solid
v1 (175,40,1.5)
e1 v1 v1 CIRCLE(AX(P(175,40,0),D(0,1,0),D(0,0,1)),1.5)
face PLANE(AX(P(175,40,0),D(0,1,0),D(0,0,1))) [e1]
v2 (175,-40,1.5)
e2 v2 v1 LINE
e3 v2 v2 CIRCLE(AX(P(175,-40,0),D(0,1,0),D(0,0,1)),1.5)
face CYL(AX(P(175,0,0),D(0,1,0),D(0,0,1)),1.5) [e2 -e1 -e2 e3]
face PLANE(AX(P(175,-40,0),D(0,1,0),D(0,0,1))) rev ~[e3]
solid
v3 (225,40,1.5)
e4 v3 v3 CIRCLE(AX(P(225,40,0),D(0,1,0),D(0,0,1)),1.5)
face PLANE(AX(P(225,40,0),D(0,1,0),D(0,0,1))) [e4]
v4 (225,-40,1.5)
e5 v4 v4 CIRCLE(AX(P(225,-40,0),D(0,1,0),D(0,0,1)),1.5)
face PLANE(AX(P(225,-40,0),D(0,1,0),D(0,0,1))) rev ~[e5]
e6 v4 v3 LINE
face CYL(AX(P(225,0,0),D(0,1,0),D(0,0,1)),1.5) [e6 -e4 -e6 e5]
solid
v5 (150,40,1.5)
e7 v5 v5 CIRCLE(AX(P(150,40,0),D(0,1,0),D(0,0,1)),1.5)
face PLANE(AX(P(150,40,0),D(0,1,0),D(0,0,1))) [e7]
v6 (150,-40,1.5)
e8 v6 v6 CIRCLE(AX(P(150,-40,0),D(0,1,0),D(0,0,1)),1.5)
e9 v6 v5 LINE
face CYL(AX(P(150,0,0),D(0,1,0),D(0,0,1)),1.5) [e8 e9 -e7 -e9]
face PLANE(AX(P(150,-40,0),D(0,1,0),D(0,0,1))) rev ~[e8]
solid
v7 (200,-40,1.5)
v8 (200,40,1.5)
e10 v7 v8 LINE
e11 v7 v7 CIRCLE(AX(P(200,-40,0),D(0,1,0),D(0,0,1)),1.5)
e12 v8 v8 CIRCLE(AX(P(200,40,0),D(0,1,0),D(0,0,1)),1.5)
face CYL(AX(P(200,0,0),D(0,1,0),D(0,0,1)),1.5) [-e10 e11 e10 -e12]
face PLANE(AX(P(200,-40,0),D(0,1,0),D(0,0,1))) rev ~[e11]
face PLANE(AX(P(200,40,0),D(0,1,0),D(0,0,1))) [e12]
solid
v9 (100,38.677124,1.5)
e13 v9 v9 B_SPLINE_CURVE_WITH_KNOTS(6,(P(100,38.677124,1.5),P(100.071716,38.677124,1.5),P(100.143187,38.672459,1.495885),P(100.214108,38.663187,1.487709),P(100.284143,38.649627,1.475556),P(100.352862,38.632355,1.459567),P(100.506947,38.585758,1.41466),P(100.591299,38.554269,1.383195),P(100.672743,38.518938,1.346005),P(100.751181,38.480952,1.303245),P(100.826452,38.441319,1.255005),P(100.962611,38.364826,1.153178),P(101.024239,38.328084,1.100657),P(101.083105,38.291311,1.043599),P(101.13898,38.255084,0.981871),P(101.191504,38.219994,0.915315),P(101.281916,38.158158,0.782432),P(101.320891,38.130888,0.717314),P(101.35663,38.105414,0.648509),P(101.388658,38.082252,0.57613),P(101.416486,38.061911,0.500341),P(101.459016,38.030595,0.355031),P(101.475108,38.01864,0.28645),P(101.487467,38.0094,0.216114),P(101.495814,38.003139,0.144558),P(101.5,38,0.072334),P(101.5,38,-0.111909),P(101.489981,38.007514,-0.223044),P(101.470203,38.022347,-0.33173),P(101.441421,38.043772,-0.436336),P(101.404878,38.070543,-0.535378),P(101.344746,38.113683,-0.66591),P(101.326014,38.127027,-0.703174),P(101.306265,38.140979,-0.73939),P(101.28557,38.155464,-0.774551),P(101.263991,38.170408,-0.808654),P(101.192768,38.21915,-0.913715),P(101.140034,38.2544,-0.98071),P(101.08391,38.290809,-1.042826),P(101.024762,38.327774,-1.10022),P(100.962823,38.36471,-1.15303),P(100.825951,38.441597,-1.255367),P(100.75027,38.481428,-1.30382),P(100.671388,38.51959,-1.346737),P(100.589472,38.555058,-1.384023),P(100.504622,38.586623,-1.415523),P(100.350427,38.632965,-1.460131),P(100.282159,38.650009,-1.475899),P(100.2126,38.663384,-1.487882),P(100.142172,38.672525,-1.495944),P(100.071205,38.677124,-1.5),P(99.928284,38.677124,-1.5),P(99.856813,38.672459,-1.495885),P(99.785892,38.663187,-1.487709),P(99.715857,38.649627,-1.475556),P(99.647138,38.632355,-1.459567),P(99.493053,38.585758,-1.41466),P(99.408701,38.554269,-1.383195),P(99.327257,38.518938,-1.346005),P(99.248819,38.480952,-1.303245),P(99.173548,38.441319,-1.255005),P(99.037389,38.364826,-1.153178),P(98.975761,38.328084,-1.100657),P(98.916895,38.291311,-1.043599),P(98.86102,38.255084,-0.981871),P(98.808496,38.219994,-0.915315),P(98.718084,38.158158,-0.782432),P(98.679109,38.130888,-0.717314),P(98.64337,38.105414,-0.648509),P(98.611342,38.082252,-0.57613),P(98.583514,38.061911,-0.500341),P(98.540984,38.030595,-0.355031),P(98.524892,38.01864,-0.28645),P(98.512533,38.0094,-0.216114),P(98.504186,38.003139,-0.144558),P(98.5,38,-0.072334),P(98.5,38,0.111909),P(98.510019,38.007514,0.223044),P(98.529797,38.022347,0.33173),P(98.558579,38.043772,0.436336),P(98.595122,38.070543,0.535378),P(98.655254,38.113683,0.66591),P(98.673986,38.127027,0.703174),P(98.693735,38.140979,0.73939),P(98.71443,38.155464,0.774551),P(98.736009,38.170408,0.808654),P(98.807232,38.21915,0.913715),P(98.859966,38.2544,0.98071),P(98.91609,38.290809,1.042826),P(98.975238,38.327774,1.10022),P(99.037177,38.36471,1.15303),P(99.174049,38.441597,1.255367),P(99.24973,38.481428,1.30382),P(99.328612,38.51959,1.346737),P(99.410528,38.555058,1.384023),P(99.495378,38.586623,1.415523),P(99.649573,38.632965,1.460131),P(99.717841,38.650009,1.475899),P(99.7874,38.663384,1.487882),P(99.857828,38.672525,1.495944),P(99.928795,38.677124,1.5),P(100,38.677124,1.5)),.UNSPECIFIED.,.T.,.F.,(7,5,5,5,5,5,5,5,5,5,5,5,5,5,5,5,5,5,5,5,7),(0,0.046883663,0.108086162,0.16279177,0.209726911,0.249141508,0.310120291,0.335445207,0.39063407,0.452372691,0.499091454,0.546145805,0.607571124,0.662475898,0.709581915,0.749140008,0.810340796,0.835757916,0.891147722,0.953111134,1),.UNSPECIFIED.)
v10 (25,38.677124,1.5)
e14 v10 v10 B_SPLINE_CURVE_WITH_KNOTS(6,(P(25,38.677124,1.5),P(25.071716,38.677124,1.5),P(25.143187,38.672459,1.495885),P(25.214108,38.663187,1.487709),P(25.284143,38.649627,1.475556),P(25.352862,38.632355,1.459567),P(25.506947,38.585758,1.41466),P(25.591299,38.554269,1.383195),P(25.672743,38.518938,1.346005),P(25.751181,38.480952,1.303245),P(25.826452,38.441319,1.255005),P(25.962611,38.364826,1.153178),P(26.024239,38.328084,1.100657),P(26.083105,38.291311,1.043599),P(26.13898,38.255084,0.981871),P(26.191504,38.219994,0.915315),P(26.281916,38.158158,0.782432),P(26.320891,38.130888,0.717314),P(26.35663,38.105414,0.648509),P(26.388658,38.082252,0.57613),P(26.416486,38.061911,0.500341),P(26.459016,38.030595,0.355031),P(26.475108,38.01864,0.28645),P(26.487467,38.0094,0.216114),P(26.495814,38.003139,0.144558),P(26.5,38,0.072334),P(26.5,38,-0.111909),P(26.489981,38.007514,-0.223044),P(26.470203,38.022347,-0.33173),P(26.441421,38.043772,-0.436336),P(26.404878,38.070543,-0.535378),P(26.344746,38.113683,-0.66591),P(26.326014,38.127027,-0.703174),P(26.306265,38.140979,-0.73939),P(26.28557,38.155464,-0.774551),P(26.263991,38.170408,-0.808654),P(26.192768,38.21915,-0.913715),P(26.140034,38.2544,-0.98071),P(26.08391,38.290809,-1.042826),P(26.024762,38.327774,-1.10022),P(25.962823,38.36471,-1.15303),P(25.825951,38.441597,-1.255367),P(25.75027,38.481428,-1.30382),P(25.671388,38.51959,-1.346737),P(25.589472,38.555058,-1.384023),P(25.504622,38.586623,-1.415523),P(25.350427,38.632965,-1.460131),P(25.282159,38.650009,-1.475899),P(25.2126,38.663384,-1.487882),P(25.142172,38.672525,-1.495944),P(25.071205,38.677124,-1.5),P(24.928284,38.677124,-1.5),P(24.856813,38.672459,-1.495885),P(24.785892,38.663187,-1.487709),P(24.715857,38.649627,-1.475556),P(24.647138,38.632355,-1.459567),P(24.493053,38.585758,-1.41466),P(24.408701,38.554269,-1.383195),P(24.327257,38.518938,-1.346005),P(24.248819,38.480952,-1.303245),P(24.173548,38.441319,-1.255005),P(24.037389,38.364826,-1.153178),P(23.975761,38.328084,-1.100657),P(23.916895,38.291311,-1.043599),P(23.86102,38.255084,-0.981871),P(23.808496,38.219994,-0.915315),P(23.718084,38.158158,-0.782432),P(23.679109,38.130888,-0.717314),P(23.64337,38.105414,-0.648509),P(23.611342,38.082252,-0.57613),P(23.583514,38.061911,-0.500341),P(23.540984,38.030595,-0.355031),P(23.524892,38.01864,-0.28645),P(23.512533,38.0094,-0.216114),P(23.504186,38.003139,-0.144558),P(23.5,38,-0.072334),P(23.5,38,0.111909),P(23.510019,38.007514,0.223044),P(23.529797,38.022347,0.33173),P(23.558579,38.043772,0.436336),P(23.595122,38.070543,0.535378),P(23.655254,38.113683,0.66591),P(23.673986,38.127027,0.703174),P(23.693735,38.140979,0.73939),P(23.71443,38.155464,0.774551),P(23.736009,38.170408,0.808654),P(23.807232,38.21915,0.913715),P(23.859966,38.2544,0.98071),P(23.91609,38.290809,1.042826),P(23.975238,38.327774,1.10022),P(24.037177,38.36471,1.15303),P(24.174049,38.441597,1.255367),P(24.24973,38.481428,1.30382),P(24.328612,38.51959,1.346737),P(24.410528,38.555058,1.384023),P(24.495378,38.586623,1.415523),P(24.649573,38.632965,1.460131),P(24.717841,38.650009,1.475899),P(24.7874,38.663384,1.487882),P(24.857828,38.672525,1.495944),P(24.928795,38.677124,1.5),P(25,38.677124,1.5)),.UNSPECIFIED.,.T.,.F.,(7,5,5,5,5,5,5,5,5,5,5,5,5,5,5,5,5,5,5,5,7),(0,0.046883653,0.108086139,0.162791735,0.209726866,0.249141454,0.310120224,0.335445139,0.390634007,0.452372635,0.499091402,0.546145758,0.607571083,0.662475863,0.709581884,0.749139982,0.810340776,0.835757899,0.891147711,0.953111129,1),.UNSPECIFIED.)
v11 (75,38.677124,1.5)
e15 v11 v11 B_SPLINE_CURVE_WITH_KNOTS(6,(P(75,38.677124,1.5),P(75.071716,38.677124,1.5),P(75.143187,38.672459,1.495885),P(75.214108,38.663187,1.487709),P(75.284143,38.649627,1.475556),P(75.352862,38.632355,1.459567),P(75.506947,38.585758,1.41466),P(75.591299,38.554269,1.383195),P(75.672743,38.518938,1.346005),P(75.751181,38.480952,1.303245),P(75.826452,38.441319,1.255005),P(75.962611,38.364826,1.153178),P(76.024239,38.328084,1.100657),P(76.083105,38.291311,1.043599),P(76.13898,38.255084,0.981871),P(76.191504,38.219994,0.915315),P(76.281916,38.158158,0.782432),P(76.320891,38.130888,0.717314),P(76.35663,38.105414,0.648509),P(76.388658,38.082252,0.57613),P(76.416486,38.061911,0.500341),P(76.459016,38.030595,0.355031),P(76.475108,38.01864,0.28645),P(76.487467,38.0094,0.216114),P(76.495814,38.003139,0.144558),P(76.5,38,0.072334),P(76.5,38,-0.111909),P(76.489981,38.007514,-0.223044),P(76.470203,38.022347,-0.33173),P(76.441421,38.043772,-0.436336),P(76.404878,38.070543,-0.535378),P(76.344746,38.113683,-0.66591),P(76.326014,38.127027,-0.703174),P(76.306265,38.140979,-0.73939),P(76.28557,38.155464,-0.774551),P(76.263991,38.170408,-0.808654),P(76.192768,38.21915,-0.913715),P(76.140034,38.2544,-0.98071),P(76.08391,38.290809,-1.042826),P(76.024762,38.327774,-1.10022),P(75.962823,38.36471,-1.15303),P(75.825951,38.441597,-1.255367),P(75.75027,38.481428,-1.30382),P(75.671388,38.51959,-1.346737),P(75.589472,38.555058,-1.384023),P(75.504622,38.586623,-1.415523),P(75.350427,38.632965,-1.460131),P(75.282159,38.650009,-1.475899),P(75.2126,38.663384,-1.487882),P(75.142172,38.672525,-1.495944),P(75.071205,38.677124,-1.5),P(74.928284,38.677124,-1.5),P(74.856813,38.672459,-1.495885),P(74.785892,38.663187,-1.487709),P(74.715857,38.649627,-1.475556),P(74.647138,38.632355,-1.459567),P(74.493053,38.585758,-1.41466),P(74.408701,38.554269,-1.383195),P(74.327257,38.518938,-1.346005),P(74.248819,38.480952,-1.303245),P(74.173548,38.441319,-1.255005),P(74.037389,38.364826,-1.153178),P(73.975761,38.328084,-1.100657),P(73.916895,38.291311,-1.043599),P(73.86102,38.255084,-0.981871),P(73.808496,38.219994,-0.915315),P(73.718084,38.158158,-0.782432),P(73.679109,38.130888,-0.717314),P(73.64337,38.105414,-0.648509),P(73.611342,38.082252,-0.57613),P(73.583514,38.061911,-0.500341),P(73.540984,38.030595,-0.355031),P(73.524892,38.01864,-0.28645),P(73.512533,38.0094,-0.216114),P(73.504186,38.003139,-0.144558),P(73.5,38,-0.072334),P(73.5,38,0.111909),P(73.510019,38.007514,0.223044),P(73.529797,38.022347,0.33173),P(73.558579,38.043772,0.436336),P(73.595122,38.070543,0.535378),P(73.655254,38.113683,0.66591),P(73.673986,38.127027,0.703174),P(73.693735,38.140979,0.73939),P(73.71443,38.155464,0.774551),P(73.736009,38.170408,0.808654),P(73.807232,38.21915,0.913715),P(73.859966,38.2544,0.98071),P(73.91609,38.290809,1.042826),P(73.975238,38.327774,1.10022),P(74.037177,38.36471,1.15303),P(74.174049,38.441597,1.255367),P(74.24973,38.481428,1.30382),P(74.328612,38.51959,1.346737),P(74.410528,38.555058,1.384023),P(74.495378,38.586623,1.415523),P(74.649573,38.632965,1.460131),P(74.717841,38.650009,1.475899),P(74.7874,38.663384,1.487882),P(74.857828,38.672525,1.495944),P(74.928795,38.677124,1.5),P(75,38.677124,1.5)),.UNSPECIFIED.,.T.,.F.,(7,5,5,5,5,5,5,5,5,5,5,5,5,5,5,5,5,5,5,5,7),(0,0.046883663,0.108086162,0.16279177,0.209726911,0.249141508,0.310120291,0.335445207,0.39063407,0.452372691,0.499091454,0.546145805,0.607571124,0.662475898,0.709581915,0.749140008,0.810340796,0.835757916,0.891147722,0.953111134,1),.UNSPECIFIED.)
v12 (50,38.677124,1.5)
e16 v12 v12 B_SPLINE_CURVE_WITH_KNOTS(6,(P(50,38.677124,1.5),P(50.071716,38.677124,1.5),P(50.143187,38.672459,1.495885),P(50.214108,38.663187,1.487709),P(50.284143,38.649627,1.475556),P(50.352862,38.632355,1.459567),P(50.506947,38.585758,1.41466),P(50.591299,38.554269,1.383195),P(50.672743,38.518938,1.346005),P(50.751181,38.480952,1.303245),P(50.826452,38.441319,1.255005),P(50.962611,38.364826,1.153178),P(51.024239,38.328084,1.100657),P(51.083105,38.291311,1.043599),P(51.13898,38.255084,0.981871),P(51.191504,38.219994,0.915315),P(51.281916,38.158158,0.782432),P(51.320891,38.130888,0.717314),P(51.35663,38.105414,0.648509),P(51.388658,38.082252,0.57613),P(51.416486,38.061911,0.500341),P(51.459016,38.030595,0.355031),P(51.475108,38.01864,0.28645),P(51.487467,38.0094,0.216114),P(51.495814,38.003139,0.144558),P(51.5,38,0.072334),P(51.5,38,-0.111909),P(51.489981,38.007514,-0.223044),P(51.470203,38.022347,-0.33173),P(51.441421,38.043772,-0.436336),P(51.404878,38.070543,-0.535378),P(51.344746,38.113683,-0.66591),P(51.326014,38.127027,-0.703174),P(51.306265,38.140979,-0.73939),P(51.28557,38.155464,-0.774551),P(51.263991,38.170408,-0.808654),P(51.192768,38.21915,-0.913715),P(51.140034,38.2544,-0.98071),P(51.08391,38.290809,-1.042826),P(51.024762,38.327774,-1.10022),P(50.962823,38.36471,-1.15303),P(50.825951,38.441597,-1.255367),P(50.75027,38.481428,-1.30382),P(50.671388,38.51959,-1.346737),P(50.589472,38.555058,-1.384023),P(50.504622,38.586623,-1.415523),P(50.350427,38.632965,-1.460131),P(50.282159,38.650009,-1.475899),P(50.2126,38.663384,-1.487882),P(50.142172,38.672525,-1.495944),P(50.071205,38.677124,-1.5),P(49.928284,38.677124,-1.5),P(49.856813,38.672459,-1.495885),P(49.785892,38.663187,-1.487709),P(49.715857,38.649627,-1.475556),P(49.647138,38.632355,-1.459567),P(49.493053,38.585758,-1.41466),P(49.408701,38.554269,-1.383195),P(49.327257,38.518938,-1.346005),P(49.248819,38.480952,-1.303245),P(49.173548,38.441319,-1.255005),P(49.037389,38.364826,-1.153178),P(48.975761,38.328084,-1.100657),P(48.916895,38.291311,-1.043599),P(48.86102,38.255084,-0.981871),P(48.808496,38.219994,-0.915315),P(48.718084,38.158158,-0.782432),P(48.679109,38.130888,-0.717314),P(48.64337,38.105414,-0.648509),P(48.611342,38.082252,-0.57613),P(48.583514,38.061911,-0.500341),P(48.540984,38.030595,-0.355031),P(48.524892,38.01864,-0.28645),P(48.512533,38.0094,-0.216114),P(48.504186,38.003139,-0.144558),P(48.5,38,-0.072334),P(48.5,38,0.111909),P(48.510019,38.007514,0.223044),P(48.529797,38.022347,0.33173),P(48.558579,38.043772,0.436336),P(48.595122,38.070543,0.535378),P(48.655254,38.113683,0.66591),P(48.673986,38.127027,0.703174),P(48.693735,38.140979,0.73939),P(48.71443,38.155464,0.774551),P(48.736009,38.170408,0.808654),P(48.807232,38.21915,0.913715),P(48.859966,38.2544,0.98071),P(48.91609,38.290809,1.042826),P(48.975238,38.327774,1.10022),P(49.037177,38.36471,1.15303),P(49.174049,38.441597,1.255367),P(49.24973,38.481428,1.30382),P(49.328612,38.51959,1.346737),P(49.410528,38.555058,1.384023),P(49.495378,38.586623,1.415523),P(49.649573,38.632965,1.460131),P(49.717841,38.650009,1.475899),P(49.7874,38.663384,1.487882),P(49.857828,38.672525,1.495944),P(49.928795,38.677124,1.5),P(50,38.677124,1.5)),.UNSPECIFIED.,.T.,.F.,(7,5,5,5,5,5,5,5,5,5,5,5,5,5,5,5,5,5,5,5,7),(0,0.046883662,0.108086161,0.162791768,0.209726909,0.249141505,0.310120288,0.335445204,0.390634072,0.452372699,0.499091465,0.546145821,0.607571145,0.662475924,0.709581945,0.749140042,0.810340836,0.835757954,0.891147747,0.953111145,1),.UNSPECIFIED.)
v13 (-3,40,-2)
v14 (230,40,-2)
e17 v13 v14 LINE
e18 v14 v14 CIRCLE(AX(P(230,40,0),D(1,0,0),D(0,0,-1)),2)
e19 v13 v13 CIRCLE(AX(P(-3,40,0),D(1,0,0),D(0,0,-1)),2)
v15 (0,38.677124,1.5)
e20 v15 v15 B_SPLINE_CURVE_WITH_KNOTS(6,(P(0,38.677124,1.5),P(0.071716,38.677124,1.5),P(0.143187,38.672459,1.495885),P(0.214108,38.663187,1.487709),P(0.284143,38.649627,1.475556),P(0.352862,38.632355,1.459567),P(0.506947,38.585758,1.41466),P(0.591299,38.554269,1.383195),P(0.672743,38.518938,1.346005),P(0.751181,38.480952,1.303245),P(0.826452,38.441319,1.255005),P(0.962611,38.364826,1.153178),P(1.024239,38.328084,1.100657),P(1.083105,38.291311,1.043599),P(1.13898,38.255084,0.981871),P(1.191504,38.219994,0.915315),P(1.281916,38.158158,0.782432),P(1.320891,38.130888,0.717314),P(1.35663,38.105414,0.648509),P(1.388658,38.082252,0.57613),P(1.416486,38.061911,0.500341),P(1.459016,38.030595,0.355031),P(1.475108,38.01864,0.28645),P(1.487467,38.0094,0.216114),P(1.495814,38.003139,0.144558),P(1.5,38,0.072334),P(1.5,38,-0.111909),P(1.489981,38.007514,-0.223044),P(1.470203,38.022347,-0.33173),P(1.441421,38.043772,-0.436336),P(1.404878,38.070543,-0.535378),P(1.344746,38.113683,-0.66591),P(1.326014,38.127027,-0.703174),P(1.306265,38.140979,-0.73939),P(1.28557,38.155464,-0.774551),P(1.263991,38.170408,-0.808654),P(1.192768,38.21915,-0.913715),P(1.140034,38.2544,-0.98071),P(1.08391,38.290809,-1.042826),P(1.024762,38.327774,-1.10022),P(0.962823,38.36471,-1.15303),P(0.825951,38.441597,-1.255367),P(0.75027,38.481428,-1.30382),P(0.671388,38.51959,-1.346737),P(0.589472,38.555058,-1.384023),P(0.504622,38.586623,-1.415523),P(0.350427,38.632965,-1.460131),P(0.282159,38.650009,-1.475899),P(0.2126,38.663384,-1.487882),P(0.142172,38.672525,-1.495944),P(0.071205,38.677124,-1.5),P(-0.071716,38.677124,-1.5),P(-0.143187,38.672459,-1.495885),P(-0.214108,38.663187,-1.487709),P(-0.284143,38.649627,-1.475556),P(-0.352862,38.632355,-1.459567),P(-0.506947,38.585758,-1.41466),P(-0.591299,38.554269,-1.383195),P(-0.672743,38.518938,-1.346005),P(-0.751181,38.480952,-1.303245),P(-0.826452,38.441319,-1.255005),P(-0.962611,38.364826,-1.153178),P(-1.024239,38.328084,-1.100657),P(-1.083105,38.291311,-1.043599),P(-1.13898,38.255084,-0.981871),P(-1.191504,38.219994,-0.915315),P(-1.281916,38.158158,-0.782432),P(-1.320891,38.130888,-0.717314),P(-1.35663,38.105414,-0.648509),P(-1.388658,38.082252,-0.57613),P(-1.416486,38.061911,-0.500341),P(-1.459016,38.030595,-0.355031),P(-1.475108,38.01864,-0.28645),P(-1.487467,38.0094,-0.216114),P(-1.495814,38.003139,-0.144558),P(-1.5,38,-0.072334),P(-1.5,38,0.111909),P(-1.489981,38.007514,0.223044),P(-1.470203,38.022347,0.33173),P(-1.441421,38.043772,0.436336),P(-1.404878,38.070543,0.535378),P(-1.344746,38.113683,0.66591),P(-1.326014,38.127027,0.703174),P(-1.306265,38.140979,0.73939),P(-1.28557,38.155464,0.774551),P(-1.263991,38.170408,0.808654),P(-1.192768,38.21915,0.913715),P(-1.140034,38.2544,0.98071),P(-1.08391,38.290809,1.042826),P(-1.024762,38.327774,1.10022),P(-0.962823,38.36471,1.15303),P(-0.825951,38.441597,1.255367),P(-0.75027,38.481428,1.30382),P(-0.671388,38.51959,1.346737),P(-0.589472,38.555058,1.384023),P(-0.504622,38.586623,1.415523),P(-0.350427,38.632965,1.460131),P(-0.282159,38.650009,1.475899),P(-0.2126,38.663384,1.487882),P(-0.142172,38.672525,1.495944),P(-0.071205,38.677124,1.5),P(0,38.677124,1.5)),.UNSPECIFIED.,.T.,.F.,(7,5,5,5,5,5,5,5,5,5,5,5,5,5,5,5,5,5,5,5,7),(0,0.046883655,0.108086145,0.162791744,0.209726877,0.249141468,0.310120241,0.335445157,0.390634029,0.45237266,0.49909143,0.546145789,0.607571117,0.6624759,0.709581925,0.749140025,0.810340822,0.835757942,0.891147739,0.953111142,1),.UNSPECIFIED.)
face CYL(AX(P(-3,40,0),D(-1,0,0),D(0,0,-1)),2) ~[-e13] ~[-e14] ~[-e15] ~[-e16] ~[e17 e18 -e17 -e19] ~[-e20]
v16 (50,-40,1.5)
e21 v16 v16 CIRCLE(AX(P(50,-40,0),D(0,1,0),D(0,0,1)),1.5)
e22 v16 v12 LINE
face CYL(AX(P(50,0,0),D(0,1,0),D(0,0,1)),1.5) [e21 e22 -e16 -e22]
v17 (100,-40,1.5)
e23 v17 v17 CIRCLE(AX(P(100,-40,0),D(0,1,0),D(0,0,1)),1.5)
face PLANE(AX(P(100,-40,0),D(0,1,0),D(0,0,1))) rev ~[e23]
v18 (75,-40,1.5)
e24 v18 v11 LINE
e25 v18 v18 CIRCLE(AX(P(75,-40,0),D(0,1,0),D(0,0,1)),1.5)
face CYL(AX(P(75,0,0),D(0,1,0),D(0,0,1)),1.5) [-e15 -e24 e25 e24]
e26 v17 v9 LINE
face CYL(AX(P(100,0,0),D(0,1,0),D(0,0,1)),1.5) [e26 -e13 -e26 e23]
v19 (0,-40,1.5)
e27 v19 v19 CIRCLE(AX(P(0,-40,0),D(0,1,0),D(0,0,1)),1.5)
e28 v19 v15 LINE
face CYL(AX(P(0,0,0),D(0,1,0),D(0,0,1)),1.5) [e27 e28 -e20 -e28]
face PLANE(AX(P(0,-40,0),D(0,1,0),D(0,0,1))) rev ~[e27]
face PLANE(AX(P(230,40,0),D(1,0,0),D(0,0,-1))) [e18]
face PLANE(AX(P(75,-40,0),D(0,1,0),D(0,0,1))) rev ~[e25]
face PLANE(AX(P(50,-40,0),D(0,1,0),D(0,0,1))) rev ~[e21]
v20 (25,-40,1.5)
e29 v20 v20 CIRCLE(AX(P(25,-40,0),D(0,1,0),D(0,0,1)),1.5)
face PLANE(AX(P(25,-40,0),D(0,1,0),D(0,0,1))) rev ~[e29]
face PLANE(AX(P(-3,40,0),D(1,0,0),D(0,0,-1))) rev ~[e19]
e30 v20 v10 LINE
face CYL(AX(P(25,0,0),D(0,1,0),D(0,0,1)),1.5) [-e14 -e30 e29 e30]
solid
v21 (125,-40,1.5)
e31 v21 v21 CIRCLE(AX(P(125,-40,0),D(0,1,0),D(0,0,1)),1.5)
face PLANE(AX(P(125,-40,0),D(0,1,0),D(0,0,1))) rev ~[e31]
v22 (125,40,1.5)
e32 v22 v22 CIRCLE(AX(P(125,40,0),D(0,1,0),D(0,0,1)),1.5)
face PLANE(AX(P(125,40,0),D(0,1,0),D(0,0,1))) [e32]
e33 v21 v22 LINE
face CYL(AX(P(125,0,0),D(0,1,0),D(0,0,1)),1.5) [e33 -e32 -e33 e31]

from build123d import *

# Parameters (mm, degrees)
SKETCH1_R                 = 1.5
VERTICAL_BARS_DEPTH       = 40
VERTICAL_BARS_2_DEPTH     = 40
VERTICAL_BARS_3_DEPTH     = 40
VERTICAL_BARS_4_DEPTH     = 40
VERTICAL_BARS_5_DEPTH     = 40
VERTICAL_BARS_6_DEPTH     = 40
VERTICAL_BARS_7_DEPTH     = 40
VERTICAL_BARS_8_DEPTH     = 40
VERTICAL_BARS_9_DEPTH     = 40
VERTICAL_BARS_10_DEPTH    = 40
HORIZONTAL_BAR_DEPTH      = 230
HORIZONTAL_BAR_DEPTH_BACK = 3
SKETCH2_R                 = 2


with BuildPart() as part:
    # Sketch1 → Vertical Bars (new, symmetric)
    with BuildSketch(Plane(origin=(0, 0, 0), x_dir=(1, 0, 0), z_dir=(0, 1, 0))):
        with Locations(Location((0, 0, 0), (0, 0, 270))):
            Circle(SKETCH1_R)
    extrude(amount=VERTICAL_BARS_DEPTH, both=True)



with BuildPart() as body_2:
    # Sketch1 → Vertical Bars 2 (new, symmetric)
    with BuildSketch(Plane(origin=(0, 0, 0), x_dir=(1, 0, 0), z_dir=(0, 1, 0))):
        with Locations(Location((25, 0, 0), (0, 0, 270))):
            Circle(SKETCH1_R)
    extrude(amount=VERTICAL_BARS_2_DEPTH, both=True)


with BuildPart() as body_3:
    # Sketch1 → Vertical Bars 3 (new, symmetric)
    with BuildSketch(Plane(origin=(0, 0, 0), x_dir=(1, 0, 0), z_dir=(0, 1, 0))):
        with Locations(Location((50, 0, 0), (0, 0, 270))):
            Circle(SKETCH1_R)
    extrude(amount=VERTICAL_BARS_3_DEPTH, both=True)


with BuildPart() as body_4:
    # Sketch1 → Vertical Bars 4 (new, symmetric)
    with BuildSketch(Plane(origin=(0, 0, 0), x_dir=(1, 0, 0), z_dir=(0, 1, 0))):
        with Locations(Location((75, 0, 0), (0, 0, 270))):
            Circle(SKETCH1_R)
    extrude(amount=VERTICAL_BARS_4_DEPTH, both=True)


with BuildPart() as body_5:
    # Sketch1 → Vertical Bars 5 (new, symmetric)
    with BuildSketch(Plane(origin=(0, 0, 0), x_dir=(1, 0, 0), z_dir=(0, 1, 0))):
        with Locations(Location((100, 0, 0), (0, 0, 270))):
            Circle(SKETCH1_R)
    extrude(amount=VERTICAL_BARS_5_DEPTH, both=True)


with BuildPart() as body_6:
    # Sketch1 → Vertical Bars 6 (new, symmetric)
    with BuildSketch(Plane(origin=(0, 0, 0), x_dir=(1, 0, 0), z_dir=(0, 1, 0))):
        with Locations(Location((125, 0, 0), (0, 0, 270))):
            Circle(SKETCH1_R)
    extrude(amount=VERTICAL_BARS_6_DEPTH, both=True)


with BuildPart() as body_7:
    # Sketch1 → Vertical Bars 7 (new, symmetric)
    with BuildSketch(Plane(origin=(0, 0, 0), x_dir=(1, 0, 0), z_dir=(0, 1, 0))):
        with Locations(Location((150, 0, 0), (0, 0, 270))):
            Circle(SKETCH1_R)
    extrude(amount=VERTICAL_BARS_7_DEPTH, both=True)


with BuildPart() as body_8:
    # Sketch1 → Vertical Bars 8 (new, symmetric)
    with BuildSketch(Plane(origin=(0, 0, 0), x_dir=(1, 0, 0), z_dir=(0, 1, 0))):
        with Locations(Location((175, 0, 0), (0, 0, 270))):
            Circle(SKETCH1_R)
    extrude(amount=VERTICAL_BARS_8_DEPTH, both=True)


with BuildPart() as body_9:
    # Sketch1 → Vertical Bars 9 (new, symmetric)
    with BuildSketch(Plane(origin=(0, 0, 0), x_dir=(1, 0, 0), z_dir=(0, 1, 0))):
        with Locations(Location((200, 0, 0), (0, 0, 270))):
            Circle(SKETCH1_R)
    extrude(amount=VERTICAL_BARS_9_DEPTH, both=True)


with BuildPart() as body_10:
    # Sketch1 → Vertical Bars 10 (new, symmetric)
    with BuildSketch(Plane(origin=(0, 0, 0), x_dir=(1, 0, 0), z_dir=(0, 1, 0))):
        with Locations(Location((225, 0, 0), (0, 0, 270))):
            Circle(SKETCH1_R)
    extrude(amount=VERTICAL_BARS_10_DEPTH, both=True)


with BuildPart() as part_1:
    add(part.part)

    add(body_2.part)  # Horizontal Bar merges body 2

    add(body_3.part)  # Horizontal Bar merges body 3

    add(body_4.part)  # Horizontal Bar merges body 4

    add(body_5.part)  # Horizontal Bar merges body 5
    # Sketch2 → Horizontal Bar (add, two sides: drawn at the far end of the back side and taken through both)
    with BuildSketch(Plane(origin=(0, 0, 0), x_dir=(0, 0, -1), z_dir=(1, 0, 0)).offset(-HORIZONTAL_BAR_DEPTH_BACK)):
        with Locations((0, 40)):
            Circle(SKETCH2_R)
    extrude(amount=HORIZONTAL_BAR_DEPTH + HORIZONTAL_BAR_DEPTH_BACK)


solid = Compound([body_6.part, body_7.part, body_8.part, body_9.part, body_10.part, part_1.part])
